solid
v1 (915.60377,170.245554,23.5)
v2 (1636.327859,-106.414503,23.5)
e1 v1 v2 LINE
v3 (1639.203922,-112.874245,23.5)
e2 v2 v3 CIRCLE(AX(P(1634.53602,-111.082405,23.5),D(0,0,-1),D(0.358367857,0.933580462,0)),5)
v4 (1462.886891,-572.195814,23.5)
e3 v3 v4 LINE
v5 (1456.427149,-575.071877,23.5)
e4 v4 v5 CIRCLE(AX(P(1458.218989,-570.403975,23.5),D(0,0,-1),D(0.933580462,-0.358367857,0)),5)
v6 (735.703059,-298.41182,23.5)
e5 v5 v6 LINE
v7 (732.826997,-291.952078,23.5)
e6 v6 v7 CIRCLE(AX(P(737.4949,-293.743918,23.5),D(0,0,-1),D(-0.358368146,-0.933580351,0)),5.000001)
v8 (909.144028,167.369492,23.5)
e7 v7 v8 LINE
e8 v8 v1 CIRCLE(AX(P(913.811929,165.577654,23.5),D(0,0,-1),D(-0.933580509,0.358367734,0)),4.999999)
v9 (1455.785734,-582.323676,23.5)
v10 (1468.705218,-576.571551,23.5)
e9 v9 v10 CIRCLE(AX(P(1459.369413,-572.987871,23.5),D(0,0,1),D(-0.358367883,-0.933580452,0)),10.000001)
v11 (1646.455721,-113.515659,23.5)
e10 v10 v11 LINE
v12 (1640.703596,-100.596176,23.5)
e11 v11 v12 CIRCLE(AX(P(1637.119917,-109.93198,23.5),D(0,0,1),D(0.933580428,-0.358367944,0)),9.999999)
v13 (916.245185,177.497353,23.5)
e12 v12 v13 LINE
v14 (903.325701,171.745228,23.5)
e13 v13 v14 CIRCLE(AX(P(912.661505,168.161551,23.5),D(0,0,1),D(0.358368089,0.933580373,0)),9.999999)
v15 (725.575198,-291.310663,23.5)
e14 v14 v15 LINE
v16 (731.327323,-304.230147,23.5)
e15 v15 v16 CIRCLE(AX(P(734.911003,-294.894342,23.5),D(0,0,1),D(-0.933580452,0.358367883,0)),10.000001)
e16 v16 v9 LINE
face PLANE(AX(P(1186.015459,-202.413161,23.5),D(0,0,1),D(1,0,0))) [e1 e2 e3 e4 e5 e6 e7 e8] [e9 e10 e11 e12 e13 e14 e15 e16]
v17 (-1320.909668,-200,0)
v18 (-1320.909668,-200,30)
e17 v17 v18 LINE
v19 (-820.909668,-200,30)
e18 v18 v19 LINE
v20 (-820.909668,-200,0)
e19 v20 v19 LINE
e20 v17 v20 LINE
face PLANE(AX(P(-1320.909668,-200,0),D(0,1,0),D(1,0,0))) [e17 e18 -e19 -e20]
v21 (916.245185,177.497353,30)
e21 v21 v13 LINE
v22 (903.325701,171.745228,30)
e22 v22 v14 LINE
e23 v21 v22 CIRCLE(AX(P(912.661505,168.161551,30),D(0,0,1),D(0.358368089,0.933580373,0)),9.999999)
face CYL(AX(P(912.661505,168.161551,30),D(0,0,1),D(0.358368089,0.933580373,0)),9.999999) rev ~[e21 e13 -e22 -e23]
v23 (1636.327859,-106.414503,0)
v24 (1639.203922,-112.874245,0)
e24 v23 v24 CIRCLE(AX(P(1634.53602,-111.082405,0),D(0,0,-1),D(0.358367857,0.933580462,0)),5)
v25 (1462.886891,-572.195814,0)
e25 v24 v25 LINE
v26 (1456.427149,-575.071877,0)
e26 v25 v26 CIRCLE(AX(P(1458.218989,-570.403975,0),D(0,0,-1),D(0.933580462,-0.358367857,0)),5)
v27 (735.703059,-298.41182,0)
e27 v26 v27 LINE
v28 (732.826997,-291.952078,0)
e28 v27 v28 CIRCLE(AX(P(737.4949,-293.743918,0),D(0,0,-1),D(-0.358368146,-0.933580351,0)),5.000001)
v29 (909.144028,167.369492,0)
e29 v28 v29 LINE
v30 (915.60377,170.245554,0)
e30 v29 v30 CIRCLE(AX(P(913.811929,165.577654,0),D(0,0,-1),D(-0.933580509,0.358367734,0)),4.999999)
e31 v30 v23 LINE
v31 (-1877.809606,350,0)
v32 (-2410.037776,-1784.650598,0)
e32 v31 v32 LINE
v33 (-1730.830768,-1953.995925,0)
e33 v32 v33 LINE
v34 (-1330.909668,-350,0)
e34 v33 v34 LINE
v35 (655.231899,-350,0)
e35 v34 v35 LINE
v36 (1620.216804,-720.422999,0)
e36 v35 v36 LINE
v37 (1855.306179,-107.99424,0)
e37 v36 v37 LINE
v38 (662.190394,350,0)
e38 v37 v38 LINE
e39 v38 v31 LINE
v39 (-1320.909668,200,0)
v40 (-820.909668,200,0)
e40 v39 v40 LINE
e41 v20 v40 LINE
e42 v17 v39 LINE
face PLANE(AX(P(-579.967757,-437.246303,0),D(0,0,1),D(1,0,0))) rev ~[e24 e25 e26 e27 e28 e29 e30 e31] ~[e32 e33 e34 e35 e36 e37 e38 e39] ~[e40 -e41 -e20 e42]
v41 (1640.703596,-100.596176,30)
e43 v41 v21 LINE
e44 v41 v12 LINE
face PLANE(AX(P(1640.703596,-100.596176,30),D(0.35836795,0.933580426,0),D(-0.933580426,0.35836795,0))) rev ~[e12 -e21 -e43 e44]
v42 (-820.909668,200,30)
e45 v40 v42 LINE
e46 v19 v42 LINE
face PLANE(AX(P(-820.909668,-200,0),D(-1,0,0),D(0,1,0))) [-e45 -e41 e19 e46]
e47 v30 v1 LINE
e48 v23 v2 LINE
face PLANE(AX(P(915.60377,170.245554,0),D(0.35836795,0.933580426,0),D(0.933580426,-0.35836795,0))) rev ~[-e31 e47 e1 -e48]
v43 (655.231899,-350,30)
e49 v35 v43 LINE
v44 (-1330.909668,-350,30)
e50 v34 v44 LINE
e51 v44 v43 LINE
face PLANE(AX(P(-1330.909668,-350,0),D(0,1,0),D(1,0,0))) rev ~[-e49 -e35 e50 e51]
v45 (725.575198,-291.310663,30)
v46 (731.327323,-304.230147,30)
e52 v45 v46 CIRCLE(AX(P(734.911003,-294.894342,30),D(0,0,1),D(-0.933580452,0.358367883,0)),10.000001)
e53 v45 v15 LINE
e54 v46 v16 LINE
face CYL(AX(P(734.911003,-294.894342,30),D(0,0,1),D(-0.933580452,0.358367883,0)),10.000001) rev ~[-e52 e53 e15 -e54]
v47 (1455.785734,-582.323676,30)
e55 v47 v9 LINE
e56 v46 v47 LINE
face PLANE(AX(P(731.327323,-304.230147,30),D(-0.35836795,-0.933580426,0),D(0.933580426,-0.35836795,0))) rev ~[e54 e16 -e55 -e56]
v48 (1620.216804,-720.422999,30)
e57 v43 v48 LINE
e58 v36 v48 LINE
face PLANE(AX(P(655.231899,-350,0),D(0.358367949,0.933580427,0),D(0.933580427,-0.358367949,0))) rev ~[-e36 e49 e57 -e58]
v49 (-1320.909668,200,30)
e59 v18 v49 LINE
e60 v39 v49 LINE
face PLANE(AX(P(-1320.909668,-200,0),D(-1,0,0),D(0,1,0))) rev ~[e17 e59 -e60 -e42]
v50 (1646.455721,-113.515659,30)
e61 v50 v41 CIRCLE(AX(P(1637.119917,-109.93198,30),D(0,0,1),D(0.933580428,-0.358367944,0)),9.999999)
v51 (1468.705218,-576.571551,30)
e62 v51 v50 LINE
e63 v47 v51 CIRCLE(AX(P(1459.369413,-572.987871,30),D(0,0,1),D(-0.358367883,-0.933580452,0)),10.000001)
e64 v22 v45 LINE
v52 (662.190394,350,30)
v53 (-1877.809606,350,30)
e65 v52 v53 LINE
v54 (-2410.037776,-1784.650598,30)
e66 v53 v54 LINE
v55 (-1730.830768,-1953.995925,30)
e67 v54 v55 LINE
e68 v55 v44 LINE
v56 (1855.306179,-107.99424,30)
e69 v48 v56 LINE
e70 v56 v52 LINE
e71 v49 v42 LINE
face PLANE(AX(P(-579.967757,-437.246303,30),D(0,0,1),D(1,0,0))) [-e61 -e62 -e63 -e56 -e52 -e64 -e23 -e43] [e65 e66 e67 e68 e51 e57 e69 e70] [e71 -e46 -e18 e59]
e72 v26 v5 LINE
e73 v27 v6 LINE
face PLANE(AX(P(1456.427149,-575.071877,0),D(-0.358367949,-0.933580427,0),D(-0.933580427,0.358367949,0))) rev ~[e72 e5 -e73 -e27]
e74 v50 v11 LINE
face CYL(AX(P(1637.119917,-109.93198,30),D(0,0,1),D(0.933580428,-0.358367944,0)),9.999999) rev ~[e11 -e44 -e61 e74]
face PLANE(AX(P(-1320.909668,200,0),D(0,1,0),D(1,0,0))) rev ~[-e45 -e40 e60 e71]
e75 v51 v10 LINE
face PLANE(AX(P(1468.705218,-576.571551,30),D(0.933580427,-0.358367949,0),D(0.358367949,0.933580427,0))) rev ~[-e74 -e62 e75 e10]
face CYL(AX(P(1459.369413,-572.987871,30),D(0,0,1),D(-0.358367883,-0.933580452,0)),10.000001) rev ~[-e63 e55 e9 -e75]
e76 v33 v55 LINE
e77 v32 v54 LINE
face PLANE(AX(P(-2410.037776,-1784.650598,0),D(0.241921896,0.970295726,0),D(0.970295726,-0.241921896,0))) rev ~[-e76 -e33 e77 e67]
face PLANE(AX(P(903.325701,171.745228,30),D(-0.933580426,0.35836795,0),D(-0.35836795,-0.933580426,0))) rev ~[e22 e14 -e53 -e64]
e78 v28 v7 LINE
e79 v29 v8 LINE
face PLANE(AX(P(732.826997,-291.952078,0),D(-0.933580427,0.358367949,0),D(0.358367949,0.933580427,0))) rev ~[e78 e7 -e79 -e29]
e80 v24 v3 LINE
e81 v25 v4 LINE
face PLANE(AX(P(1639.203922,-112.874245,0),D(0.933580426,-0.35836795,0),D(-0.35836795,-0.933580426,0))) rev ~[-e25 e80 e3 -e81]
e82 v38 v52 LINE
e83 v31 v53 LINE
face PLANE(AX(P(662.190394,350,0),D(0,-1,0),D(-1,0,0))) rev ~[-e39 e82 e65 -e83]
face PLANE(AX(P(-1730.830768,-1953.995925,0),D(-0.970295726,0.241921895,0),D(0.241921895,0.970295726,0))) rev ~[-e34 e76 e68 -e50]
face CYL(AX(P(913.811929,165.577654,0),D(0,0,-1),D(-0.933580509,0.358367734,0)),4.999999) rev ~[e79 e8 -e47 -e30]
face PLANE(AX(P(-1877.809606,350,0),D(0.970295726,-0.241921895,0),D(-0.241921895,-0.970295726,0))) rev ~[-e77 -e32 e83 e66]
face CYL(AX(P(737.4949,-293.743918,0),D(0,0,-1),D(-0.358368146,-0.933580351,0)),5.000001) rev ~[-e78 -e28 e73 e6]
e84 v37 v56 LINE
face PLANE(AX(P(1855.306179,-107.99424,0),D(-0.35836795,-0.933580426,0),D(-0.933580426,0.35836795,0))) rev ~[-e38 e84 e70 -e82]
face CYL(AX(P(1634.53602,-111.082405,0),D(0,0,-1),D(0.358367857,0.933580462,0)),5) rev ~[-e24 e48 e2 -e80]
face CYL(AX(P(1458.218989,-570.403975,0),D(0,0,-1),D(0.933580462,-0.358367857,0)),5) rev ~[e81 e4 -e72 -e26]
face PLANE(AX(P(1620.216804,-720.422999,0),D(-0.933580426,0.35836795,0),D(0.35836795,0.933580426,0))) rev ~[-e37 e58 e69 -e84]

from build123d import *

# Parameters (mm, degrees)
F0_W     = 500
F0_H     = 400
F1_DEPTH = 30
F3_DEPTH = 6.5


with BuildPart() as f1:
    # F0 (on Top) → F1 (new body)
    with BuildSketch(Plane.XY):
        Polygon((-1330.909668, -350), (655.231899, -350), (1620.216804, -720.422999), (1855.306179, -107.99424), (662.190394, 350), (-1877.809606, 350), (-2410.037776, -1784.650598), (-1730.830768, -1953.995925), align=None)
        with Locations((-1070.909668, 0)):
            Rectangle(F0_W, F0_H, mode=Mode.SUBTRACT)
        with BuildLine():
            ThreePointArc((909.144028, 167.369492), (911.778247, 170.14538), (915.60377, 170.245554))
            Line((915.60377, 170.245554), (1636.327859, -106.414503))
            ThreePointArc((1636.327859, -106.414503), (1639.103747, -109.048722), (1639.203922, -112.874245))
            Line((1639.203922, -112.874245), (1462.886891, -572.195814))
            ThreePointArc((1462.886891, -572.195814), (1460.252672, -574.971702), (1456.427149, -575.071877))
            Line((1456.427149, -575.071877), (735.703059, -298.41182))
            ThreePointArc((735.703059, -298.41182), (732.927172, -295.777601), (732.826997, -291.952078))
            Line((732.826997, -291.952078), (909.144028, 167.369492))
        make_face(mode=Mode.SUBTRACT)
    extrude(amount=F1_DEPTH)

    # F2 (on face) → F3 (cut)
    with BuildSketch(Plane.XY.offset(30)):
        with BuildLine():
            Line((1640.703596, -100.596176), (916.245185, 177.497353))
            ThreePointArc((916.245185, 177.497353), (908.594139, 177.297004), (903.325701, 171.745228))
            Line((903.325701, 171.745228), (725.575198, -291.310663))
            ThreePointArc((725.575198, -291.310663), (725.775548, -298.961709), (731.327323, -304.230147))
            Line((731.327323, -304.230147), (1455.785734, -582.323676))
            ThreePointArc((1455.785734, -582.323676), (1463.43678, -582.123326), (1468.705218, -576.571551))
            Line((1468.705218, -576.571551), (1646.455721, -113.515659))
            ThreePointArc((1646.455721, -113.515659), (1646.255371, -105.864613), (1640.703596, -100.596176))
        make_face()
    extrude(amount=-F3_DEPTH, mode=Mode.SUBTRACT)


solid = f1.part
